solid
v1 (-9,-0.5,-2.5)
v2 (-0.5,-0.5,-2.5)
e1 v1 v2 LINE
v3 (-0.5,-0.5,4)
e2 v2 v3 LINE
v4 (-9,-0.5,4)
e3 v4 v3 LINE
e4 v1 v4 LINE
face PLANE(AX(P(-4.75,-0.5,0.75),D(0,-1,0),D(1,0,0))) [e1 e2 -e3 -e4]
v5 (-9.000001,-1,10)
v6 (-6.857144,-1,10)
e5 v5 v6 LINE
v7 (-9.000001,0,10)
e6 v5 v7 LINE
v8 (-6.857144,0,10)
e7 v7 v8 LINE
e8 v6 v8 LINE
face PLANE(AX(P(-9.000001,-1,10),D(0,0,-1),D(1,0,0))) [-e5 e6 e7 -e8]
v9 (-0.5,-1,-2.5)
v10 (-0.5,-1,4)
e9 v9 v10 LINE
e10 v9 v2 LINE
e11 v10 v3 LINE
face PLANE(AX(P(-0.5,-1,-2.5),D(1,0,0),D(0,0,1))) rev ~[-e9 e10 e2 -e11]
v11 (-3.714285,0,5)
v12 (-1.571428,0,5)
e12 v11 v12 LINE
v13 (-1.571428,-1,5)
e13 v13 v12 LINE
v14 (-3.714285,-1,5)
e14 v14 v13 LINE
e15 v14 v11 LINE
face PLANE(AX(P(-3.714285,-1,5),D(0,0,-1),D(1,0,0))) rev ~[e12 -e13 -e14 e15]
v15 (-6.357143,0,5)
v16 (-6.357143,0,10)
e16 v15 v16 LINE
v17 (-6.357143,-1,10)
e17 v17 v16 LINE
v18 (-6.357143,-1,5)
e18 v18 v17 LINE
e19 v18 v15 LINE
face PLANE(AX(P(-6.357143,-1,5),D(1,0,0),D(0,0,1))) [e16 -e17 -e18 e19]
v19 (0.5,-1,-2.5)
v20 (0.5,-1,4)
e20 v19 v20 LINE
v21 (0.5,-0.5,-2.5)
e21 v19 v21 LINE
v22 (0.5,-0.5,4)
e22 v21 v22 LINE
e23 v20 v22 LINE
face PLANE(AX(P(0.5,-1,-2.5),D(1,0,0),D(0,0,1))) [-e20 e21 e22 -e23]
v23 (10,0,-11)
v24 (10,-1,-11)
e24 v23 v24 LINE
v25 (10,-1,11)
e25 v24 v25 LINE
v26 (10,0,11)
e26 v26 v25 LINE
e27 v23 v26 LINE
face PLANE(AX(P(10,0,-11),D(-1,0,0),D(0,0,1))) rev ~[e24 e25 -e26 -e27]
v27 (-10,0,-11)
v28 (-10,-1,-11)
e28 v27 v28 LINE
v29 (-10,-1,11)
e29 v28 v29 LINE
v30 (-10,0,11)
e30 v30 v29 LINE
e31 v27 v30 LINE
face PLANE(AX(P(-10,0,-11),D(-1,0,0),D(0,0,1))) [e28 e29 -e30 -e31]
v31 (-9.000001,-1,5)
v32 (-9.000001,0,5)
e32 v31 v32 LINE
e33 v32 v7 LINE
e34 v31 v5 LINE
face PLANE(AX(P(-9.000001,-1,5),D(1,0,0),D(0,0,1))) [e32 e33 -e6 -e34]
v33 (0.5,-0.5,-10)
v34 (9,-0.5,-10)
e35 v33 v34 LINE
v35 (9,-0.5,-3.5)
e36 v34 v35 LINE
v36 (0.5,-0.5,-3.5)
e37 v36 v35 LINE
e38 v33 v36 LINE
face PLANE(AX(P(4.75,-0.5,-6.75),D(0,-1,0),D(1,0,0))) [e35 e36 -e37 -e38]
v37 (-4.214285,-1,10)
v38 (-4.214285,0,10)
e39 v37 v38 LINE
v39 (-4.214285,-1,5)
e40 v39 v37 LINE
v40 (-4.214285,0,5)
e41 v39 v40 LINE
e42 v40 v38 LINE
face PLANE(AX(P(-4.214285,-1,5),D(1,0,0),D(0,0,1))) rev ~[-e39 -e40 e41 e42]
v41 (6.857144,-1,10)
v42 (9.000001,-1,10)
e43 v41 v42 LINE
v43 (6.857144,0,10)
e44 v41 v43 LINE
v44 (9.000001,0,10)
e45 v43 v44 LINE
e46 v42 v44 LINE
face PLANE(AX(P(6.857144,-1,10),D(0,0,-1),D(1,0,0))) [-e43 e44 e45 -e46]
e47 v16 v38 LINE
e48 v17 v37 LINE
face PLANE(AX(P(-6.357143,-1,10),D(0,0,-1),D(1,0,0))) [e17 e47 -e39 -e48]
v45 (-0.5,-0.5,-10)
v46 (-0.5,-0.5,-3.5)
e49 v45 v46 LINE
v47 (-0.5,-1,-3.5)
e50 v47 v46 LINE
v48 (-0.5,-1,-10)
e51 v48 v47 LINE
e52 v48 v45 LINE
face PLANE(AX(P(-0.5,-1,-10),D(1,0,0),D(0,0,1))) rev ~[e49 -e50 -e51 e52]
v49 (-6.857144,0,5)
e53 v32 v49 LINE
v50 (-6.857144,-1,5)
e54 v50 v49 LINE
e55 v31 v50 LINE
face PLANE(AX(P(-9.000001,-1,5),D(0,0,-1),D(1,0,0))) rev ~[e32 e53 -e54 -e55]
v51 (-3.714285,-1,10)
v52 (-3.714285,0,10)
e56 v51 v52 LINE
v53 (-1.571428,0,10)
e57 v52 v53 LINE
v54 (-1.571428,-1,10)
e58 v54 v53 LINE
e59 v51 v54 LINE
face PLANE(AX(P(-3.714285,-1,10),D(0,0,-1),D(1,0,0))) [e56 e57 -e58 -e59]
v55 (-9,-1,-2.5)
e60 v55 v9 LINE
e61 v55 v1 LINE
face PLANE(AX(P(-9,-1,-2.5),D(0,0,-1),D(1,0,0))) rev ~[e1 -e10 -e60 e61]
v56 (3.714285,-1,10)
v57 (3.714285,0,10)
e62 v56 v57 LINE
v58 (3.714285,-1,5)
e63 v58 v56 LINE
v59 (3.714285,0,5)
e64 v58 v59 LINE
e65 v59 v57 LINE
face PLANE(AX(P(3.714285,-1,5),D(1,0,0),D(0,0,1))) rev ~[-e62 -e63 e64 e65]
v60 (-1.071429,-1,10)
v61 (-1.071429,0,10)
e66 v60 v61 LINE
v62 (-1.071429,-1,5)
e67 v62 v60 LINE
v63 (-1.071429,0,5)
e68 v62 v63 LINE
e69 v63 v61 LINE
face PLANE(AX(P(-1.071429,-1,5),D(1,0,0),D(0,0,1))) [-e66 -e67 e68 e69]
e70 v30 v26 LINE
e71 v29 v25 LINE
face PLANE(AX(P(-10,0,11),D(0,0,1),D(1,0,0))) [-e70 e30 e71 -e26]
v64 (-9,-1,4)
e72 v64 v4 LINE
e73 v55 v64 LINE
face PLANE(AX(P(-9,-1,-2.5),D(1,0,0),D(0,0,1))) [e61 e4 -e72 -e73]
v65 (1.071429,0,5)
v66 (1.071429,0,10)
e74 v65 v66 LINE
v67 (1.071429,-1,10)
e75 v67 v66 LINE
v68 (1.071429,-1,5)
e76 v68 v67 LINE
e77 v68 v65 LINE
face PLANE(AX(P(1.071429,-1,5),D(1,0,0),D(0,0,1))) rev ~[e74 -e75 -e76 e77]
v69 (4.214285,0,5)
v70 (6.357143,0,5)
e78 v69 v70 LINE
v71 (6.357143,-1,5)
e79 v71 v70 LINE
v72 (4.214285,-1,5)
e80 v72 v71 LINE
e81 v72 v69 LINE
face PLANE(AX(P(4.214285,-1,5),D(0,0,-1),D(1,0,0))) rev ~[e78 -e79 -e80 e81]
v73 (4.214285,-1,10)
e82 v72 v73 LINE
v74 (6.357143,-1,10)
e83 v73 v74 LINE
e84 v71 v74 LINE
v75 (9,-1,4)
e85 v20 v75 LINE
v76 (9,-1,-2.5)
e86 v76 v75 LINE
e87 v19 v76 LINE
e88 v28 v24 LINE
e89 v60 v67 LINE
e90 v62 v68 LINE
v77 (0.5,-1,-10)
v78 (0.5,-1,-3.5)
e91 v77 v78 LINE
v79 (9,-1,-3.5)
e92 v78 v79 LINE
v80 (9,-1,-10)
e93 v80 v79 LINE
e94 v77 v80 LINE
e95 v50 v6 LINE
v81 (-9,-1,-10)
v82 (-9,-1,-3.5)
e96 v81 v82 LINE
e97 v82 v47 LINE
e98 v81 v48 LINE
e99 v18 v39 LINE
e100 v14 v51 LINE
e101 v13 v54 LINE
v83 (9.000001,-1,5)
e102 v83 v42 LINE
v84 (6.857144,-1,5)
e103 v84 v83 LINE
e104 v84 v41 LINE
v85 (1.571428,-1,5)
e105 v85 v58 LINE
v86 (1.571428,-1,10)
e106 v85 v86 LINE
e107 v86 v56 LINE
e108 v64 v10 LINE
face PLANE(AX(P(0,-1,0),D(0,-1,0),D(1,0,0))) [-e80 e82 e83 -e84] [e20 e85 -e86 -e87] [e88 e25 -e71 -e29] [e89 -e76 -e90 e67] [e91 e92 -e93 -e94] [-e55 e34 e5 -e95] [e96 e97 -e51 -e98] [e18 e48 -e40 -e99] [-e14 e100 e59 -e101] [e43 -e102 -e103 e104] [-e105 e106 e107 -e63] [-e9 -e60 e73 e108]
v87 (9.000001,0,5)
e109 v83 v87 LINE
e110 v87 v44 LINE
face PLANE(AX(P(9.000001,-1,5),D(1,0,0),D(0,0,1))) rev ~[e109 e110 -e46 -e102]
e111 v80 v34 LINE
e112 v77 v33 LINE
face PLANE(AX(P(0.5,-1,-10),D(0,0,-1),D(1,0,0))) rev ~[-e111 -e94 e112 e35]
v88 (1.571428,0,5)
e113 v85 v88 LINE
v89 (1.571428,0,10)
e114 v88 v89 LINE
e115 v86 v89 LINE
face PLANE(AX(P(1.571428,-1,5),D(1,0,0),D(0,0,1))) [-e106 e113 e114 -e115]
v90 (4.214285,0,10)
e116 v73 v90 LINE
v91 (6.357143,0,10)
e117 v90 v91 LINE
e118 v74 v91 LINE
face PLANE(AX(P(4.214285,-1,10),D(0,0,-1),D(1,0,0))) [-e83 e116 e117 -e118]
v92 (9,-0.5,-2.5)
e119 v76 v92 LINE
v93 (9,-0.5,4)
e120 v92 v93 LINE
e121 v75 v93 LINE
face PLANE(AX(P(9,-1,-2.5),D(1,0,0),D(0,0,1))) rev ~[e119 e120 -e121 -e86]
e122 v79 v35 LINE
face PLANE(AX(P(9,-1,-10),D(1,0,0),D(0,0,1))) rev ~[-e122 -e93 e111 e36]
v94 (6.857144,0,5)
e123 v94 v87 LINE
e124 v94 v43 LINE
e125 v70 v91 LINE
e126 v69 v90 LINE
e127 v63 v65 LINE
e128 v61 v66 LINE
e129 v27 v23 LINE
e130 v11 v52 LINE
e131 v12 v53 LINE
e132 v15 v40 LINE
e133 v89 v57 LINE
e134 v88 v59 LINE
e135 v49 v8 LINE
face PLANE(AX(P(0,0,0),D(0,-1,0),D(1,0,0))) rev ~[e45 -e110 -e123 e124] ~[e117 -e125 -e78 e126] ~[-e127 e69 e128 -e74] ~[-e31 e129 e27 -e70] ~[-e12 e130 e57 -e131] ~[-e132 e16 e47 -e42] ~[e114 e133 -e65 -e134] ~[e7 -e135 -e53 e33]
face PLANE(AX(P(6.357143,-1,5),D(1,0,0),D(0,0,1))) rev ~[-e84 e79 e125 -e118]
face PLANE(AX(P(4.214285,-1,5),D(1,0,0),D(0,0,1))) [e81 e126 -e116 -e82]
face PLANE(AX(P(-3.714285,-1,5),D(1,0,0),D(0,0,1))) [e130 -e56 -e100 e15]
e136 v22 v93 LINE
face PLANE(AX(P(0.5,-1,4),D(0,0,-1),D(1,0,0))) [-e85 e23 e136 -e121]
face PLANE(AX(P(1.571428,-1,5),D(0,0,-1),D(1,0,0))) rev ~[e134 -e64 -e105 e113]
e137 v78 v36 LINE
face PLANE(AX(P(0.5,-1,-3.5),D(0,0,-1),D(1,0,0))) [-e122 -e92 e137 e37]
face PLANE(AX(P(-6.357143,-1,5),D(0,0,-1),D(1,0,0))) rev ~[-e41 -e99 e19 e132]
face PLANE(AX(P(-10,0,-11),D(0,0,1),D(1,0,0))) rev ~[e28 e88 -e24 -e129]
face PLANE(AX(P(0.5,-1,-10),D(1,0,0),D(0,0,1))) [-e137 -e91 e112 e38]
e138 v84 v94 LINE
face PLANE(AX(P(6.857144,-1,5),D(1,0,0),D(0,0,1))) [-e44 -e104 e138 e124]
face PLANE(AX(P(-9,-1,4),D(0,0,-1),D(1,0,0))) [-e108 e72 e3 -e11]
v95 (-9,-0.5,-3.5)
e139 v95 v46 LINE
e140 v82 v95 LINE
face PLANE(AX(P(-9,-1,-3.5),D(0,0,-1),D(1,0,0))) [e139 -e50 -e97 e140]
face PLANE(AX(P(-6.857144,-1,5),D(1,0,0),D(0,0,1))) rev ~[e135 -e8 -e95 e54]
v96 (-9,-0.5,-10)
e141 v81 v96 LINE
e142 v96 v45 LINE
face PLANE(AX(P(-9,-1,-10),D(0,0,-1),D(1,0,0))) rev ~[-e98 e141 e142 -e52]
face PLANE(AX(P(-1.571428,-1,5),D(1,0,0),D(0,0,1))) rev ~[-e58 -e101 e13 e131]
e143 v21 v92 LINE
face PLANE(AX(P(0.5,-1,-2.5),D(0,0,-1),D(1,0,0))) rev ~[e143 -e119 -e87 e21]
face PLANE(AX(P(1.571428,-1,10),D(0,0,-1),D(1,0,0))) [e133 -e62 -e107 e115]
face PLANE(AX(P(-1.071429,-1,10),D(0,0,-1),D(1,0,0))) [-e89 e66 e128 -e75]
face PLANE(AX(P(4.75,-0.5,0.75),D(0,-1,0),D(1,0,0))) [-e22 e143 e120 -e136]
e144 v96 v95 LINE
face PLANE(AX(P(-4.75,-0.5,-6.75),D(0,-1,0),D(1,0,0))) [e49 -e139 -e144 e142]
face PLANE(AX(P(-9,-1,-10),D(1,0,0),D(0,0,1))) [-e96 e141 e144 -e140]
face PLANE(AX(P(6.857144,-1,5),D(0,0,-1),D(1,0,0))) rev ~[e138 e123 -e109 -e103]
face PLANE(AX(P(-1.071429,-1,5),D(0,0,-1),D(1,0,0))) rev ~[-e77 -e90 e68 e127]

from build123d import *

# Parameters (mm, degrees)
SKETCH_W        = 20
SKETCH_H        = 22
PAD_DEPTH       = 1
SKETCH001_W     = 8.5
SKETCH001_H     = 6.5
POCKET_DEPTH    = 0.5
SKETCH002_W     = 2.142857
SKETCH002_H     = 5
SKETCH002_W_2   = 2.142858
POCKET001_DEPTH = 5


with BuildPart() as part:
    # Sketch → Pad (new body)
    with BuildSketch(Plane.XZ):
        Rectangle(SKETCH_W, SKETCH_H)
    extrude(amount=PAD_DEPTH)

    # Sketch001 (on Face6 of Pad) → Pocket (cut)
    with BuildSketch(Plane.XZ.offset(1)):
        with Locations((-4.75, 0.75)):
            Rectangle(SKETCH001_W, SKETCH001_H)
        with Locations((-4.75, -6.75)):
            Rectangle(SKETCH001_W, SKETCH001_H)
        with Locations((4.75, 0.75)):
            Rectangle(SKETCH001_W, SKETCH001_H)
        with Locations((4.75, -6.75)):
            Rectangle(SKETCH001_W, SKETCH001_H)
    extrude(amount=-POCKET_DEPTH, mode=Mode.SUBTRACT)

    # Sketch002 (on Face5 of Pocket) → Pocket001 (cut)
    with BuildSketch(Plane.XZ.offset(1)):
        with Locations((-7.928572, 7.5)):
            Rectangle(SKETCH002_W, SKETCH002_H)
        with Locations((-5.285714, 7.5)):
            Rectangle(SKETCH002_W, SKETCH002_H)
        with Locations((-2.642857, 7.5)):
            Rectangle(SKETCH002_W, SKETCH002_H)
        with Locations((0, 7.5)):
            Rectangle(SKETCH002_W_2, SKETCH002_H)
        with Locations((2.642857, 7.5)):
            Rectangle(SKETCH002_W, SKETCH002_H)
        with Locations((5.285714, 7.5)):
            Rectangle(SKETCH002_W, SKETCH002_H)
        with Locations((7.928572, 7.5)):
            Rectangle(SKETCH002_W, SKETCH002_H)
    extrude(amount=-POCKET001_DEPTH, mode=Mode.SUBTRACT)


solid = part.part
